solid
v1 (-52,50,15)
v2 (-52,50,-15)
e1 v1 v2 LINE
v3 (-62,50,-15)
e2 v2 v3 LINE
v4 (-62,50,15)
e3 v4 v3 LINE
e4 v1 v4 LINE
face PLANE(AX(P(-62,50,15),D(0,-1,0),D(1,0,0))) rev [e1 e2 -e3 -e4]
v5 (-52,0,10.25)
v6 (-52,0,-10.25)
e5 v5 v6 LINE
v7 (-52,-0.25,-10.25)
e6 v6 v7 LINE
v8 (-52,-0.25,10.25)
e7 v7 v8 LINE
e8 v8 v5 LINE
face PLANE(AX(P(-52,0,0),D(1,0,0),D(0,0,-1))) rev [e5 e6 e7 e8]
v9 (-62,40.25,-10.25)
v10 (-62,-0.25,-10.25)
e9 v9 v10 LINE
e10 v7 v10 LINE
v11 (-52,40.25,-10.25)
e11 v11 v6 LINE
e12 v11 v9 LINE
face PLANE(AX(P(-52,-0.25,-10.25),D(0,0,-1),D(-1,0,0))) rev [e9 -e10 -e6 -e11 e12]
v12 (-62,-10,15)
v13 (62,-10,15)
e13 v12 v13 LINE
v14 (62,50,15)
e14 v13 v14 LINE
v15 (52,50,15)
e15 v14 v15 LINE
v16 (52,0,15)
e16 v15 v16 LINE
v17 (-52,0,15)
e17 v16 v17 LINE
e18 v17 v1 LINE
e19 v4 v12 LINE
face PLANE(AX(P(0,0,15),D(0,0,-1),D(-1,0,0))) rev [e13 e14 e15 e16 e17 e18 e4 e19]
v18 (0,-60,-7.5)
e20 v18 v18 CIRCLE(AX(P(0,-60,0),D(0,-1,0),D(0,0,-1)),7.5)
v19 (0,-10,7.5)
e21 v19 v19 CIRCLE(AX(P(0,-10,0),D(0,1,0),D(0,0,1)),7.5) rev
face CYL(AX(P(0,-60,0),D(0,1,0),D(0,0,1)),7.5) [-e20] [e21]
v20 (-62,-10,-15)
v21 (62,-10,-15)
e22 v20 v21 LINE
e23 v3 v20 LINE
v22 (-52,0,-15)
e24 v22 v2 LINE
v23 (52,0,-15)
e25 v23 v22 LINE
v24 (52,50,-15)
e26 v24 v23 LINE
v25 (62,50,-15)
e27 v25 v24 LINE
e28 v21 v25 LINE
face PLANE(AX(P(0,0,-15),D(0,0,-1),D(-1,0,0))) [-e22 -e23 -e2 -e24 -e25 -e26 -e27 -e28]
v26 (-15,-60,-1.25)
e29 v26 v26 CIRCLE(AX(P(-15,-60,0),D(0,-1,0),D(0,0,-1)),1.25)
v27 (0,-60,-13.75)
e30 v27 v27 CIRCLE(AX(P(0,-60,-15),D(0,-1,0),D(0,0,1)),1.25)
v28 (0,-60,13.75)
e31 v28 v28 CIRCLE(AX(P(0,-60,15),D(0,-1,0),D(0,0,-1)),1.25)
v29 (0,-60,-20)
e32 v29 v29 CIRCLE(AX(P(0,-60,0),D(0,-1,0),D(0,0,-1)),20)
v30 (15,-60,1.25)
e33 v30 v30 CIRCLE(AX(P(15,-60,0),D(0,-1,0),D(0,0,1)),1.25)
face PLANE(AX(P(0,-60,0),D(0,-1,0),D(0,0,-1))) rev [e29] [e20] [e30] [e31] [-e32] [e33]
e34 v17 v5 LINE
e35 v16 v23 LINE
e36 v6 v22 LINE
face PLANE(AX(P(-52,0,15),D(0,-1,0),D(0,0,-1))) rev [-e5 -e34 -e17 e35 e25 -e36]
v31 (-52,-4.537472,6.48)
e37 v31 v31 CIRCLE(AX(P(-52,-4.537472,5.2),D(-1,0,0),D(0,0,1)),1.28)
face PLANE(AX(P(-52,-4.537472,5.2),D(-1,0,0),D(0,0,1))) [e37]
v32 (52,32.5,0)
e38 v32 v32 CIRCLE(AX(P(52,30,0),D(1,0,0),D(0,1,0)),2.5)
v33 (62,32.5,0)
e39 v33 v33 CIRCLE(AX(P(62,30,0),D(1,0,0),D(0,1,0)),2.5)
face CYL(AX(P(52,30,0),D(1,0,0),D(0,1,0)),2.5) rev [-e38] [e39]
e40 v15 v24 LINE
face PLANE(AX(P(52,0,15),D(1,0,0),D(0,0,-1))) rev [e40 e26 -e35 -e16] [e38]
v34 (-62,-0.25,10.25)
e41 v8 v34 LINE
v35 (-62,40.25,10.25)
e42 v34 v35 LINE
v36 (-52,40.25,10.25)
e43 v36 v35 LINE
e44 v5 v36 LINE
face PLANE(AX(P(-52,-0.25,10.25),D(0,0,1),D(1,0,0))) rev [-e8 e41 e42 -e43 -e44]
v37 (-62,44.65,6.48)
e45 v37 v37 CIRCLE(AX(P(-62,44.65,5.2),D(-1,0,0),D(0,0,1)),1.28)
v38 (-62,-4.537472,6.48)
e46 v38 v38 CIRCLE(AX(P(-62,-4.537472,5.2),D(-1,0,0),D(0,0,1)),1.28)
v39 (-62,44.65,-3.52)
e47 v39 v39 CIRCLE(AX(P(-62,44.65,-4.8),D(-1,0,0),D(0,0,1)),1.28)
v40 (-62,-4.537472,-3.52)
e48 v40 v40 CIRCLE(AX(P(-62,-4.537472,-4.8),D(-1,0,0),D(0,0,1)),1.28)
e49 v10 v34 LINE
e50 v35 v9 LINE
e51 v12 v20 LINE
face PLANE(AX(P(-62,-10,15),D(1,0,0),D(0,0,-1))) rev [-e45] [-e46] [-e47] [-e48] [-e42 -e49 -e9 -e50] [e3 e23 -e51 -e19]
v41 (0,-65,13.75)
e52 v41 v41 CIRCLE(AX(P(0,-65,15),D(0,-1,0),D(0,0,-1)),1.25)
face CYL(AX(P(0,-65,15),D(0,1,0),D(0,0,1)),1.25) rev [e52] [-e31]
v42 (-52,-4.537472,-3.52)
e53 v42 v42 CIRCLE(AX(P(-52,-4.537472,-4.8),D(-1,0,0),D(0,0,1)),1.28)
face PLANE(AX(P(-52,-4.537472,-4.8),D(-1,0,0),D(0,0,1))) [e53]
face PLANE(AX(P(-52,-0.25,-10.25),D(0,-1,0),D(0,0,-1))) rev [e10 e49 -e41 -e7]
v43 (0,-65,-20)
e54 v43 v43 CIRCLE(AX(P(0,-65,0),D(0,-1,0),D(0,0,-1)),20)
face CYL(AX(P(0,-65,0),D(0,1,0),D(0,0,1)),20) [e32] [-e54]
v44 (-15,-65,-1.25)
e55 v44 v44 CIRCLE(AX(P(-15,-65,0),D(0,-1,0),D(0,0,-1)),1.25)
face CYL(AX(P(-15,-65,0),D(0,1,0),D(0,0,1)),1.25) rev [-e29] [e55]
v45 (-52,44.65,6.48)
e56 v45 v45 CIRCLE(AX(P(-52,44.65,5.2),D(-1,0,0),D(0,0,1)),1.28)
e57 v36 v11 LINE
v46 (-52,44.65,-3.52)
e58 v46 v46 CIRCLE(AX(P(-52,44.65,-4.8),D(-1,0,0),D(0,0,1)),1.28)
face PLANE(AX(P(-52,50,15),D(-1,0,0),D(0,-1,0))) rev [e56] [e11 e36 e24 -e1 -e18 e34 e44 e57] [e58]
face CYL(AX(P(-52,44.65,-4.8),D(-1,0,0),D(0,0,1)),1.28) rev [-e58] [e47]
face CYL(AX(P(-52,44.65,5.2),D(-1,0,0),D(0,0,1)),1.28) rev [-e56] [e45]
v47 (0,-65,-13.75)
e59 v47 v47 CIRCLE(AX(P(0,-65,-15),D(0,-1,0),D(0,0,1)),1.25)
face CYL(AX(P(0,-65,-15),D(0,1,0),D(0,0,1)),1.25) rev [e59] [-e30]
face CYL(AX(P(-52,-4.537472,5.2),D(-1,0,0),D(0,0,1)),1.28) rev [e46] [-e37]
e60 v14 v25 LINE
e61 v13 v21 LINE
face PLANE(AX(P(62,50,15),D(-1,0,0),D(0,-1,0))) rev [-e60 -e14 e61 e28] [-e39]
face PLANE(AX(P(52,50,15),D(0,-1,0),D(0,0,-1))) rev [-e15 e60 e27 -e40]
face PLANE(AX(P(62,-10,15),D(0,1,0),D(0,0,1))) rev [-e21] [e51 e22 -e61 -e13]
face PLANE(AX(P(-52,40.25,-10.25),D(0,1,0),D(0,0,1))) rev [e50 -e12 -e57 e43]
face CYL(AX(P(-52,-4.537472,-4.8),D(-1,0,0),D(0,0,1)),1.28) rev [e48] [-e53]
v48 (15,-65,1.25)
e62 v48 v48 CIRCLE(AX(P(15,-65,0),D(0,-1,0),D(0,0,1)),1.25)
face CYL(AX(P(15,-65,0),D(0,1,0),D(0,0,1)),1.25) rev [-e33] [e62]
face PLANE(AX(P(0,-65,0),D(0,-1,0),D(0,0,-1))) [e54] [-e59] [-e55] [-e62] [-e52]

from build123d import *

# Parameters (mm, degrees)
BOSS_EXTRUDE1_DEPTH = 15
SKETCH3_R           = 7.5
BOSS_EXTRUDE2_DEPTH = 50
SKETCH4_R           = 20
SKETCH4_R_2         = 1.25
BOSS_EXTRUDE3_DEPTH = 5
SKETCH5_R           = 1.28
SKETCH5_W           = 20.5
SKETCH5_H           = 40.5
CUT_EXTRUDE1_DEPTH  = 10
SKETCH7_R           = 2.5
CUT_EXTRUDE2_DEPTH  = 10


with BuildPart() as part:
    # Sketch1 → Boss-Extrude1 (new body, symmetric)
    with BuildSketch(Plane.XY):
        Polygon((-52, 50), (-52, 0), (52, 0), (52, 50), (62, 50), (62, -10), (-62, -10), (-62, 50), align=None)
    extrude(amount=BOSS_EXTRUDE1_DEPTH, both=True)

    # Sketch3 → Boss-Extrude2 (add)
    with BuildSketch(Plane.XZ.offset(10)):
        Circle(SKETCH3_R)
    extrude(amount=BOSS_EXTRUDE2_DEPTH)

    # Sketch4 → Boss-Extrude3 (add)
    with BuildSketch(Plane.XZ.offset(60)):
        Circle(SKETCH4_R)
        with Locations((0, 15)):
            Circle(SKETCH4_R_2, mode=Mode.SUBTRACT)
        with Locations((-15, 0)):
            Circle(SKETCH4_R_2, mode=Mode.SUBTRACT)
        with Locations((15, 0)):
            Circle(SKETCH4_R_2, mode=Mode.SUBTRACT)
        with Locations((0, -15)):
            Circle(SKETCH4_R_2, mode=Mode.SUBTRACT)
    extrude(amount=BOSS_EXTRUDE3_DEPTH)

    # Sketch5 → Cut-Extrude1 (cut)
    with BuildSketch(Plane.ZY.offset(62)):
        with Locations((-4.8, 44.65)):
            Circle(SKETCH5_R)
        with Locations((5.2, 44.65)):
            Circle(SKETCH5_R)
        with Locations((-4.8, -4.537471889)):
            Circle(SKETCH5_R)
        with Locations((5.2, -4.537471889)):
            Circle(SKETCH5_R)
        with Locations((0, 20)):
            Rectangle(SKETCH5_W, SKETCH5_H)
    extrude(amount=-CUT_EXTRUDE1_DEPTH, mode=Mode.SUBTRACT)

    # Sketch7 → Cut-Extrude2 (cut)
    with BuildSketch(Plane(origin=(62, 0, 0), x_dir=(0, 0, -1), z_dir=(1, 0, 0))):
        with Locations((0, 30)):
            Circle(SKETCH7_R)
    extrude(amount=-CUT_EXTRUDE2_DEPTH, mode=Mode.SUBTRACT)


solid = part.part
